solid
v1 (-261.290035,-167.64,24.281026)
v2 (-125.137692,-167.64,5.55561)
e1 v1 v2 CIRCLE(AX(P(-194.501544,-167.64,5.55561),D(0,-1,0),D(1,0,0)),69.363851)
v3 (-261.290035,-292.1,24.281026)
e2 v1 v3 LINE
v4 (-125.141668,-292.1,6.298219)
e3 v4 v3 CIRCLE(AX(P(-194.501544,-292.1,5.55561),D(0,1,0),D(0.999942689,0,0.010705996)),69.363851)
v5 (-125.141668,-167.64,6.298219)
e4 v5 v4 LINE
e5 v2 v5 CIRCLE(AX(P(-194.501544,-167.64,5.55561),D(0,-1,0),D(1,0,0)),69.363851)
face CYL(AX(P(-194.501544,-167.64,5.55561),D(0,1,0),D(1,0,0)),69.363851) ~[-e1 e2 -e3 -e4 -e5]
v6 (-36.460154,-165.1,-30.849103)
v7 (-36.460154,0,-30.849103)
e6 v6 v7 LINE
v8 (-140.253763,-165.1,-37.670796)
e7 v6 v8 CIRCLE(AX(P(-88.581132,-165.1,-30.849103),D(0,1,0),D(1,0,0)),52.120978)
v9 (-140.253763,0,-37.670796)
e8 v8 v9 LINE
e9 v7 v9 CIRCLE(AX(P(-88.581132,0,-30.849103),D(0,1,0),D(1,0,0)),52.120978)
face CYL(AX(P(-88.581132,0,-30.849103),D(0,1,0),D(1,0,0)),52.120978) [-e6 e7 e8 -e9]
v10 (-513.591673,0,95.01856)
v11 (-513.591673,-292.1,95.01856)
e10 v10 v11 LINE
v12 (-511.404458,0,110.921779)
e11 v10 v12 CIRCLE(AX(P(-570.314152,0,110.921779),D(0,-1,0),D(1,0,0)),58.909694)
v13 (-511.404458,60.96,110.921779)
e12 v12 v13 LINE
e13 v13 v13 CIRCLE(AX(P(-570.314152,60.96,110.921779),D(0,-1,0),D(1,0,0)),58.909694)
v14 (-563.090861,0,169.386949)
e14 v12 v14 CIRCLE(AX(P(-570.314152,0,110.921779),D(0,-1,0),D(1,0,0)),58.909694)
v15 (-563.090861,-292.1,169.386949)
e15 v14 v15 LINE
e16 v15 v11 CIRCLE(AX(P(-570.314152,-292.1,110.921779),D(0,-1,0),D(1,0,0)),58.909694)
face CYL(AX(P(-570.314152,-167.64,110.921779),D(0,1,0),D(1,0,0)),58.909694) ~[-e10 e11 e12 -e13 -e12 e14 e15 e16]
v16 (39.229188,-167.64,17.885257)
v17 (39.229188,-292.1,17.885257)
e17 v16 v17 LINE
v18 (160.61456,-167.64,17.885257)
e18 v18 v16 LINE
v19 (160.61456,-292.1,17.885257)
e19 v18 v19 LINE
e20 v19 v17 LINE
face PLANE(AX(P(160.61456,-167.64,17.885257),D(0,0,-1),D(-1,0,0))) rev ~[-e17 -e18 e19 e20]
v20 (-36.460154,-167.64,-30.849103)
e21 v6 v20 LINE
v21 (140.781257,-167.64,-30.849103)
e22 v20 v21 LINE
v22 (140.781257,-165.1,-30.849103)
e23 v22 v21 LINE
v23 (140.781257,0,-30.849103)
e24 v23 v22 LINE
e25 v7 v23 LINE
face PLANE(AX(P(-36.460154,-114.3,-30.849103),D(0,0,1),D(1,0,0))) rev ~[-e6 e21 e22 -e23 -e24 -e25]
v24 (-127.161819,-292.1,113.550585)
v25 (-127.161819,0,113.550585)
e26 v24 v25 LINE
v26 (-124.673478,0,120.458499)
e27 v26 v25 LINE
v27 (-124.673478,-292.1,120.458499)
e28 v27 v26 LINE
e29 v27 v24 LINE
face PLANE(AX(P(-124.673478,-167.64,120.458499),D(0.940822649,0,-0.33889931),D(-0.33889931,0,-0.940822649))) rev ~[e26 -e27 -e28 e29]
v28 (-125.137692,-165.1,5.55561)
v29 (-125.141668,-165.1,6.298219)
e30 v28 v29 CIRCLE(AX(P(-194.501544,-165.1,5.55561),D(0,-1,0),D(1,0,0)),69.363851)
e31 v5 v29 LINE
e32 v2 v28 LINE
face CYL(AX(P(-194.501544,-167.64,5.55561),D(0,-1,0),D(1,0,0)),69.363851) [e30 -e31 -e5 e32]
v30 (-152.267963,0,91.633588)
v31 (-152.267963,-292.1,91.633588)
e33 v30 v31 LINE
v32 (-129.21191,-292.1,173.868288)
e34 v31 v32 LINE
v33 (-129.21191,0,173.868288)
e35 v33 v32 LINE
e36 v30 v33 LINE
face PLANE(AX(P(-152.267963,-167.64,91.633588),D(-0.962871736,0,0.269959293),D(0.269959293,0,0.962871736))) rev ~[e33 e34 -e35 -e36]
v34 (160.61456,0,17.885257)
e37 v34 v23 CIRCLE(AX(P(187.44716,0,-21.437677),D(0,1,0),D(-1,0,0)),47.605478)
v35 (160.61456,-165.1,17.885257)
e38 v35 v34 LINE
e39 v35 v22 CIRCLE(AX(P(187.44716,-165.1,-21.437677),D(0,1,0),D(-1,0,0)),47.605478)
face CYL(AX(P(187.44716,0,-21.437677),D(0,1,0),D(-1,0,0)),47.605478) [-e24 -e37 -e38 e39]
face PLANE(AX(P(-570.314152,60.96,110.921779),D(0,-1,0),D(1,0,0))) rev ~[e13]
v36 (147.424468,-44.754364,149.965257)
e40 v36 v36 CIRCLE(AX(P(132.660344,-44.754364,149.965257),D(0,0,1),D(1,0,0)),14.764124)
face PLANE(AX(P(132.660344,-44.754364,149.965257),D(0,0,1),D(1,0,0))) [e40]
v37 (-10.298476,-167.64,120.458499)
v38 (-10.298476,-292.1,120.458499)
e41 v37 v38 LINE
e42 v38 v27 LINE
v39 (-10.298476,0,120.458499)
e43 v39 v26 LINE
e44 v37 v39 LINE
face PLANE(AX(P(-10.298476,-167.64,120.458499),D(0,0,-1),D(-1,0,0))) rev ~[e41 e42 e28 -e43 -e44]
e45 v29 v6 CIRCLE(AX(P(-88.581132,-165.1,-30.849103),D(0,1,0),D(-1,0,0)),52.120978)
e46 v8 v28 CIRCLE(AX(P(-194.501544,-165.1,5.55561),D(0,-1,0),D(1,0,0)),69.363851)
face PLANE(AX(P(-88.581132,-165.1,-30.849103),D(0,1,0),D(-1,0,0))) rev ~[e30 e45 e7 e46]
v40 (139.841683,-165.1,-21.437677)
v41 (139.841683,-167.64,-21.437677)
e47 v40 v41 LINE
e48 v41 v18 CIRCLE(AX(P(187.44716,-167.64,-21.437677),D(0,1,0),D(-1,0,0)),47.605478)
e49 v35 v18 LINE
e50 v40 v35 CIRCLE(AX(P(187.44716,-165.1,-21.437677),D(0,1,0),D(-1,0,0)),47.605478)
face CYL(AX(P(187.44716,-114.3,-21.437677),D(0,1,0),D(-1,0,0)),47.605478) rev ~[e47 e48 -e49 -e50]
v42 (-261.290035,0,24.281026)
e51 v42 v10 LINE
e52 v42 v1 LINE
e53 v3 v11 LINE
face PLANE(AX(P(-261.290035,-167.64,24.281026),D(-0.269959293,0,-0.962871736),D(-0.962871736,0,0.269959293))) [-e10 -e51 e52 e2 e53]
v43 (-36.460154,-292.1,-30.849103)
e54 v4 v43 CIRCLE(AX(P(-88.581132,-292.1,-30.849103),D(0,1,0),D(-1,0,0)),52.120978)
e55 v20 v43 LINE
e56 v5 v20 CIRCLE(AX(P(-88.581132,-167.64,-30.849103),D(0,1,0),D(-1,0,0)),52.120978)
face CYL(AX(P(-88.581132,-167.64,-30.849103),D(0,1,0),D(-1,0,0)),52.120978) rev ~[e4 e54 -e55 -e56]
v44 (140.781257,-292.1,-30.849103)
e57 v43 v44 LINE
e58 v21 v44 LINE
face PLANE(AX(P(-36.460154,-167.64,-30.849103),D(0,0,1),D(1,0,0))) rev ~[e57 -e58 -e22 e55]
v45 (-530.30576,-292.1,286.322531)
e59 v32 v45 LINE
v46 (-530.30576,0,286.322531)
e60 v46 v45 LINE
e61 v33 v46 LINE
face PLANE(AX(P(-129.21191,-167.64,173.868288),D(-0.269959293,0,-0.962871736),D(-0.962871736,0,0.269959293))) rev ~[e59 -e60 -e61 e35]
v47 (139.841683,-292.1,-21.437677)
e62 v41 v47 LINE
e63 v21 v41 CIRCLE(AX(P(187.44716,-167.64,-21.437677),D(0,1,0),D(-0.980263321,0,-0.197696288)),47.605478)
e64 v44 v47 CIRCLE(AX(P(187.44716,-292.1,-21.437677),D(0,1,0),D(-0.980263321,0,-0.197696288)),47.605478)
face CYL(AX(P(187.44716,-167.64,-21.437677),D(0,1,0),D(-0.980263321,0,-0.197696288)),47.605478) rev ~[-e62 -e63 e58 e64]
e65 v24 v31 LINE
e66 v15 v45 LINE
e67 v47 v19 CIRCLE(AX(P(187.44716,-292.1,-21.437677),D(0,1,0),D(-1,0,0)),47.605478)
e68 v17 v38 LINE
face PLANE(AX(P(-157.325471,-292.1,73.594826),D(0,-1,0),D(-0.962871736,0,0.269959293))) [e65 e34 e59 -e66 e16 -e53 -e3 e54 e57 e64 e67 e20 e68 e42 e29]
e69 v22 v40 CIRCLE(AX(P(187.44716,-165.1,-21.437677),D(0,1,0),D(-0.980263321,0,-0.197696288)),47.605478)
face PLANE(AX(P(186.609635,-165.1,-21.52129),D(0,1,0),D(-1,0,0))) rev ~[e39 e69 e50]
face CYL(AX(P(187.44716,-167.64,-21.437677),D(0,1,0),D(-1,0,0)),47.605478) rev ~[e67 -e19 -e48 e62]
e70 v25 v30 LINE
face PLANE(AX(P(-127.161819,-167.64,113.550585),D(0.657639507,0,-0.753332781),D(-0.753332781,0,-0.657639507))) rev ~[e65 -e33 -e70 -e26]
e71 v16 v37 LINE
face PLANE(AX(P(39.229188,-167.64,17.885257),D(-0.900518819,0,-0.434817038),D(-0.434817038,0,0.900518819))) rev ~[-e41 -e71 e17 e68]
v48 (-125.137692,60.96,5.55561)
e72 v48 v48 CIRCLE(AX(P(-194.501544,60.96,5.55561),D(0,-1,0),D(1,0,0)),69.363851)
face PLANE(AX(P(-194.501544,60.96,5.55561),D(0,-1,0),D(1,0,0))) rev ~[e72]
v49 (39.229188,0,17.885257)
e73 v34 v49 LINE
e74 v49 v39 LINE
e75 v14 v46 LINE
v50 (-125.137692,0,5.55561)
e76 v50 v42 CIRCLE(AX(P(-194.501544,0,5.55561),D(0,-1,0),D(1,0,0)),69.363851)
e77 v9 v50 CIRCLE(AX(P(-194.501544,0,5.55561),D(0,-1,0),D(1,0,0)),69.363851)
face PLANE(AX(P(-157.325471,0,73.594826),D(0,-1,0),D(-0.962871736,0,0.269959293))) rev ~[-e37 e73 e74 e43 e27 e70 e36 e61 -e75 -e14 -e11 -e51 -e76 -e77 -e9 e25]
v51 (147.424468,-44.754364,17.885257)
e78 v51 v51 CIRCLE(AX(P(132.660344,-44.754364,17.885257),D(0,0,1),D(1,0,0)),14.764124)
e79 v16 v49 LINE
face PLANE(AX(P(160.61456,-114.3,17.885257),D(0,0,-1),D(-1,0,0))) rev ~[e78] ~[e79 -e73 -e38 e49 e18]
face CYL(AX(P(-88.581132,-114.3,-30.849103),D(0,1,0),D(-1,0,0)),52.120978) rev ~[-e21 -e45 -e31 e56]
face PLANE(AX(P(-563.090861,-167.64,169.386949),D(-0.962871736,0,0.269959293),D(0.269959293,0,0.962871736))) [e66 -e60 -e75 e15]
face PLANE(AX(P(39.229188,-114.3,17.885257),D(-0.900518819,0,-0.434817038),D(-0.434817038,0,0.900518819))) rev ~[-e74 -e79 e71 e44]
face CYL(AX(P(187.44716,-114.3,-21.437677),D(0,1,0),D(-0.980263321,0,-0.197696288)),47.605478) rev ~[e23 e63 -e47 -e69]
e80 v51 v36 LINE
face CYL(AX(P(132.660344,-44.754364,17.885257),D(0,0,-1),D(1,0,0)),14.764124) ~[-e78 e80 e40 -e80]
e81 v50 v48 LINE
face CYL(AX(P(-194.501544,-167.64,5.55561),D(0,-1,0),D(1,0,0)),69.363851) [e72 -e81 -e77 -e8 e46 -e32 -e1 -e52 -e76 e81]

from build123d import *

# Parameters (mm, degrees)
F1_DEPTH  = 114.3
F2_R      = 14.7641240752
F3_DEPTH  = 132.08
F5_DEPTH  = 165.1
F6_DEPTH  = 53.34
F7_W      = 167.64
F7_H      = 75.5490642041
F8_DEPTH  = 416.56
F9_DEPTH  = 104.14
F10_R     = 58.9096936167
F10_R_2   = 69.3638510651
F11_DEPTH = 228.6
F12_DEPTH = 124.46


with BuildPart() as f1:
    # F0 (on Front) → F1 (new body)
    with BuildSketch(Plane.XZ):
        Polygon((-152.2679626942, 91.6335880756), (-174.4953691959, 12.3544447124), (-143.3922946453, 68.4929564595), (-127.1618189825, 113.5505846584), align=None)
        Polygon((-143.3922946453, 68.4929564595), (-174.4953691959, 12.3544447124), (-88.5811317712, -30.8491028845), (-88.5811317712, 68.4929564595), align=None)
        Polygon((-127.1618189825, 113.5505846584), (-143.3922946453, 68.4929564595), (-88.5811317712, 68.4929564595), (-33.7699688971, 68.4929564595), (-10.2984756231, 120.4584985971), (-119.2487329245, 120.4584985971), align=None)
        Polygon((-88.5811317712, 68.4929564595), (-88.5811317712, -30.8491028845), (29.068255797, -30.8491028845), (8.9511722326, 17.8852565587), (-33.7699688971, 68.4929564595), align=None)
        Polygon((-124.6734783053, 120.4584985971), (-127.1618189825, 113.5505846584), (-119.2487329245, 120.4584985971), align=None)
        Polygon((8.9511722326, 17.8852565587), (29.068255797, -30.8491028845), (200.966194272, -30.8491028845), (200.966194272, 17.8852565587), (131.0636848211, 17.8852565587), (39.2291881144, 17.8852565587), align=None)
        Polygon((-10.2984756231, 120.4584985971), (-33.7699688971, 68.4929564595), (8.9511722326, 17.8852565587), (39.2291881144, 17.8852565587), align=None)
    extrude(amount=F1_DEPTH)

    # F2 (on face) → F3 (join)
    with BuildSketch(Plane.XY.offset(17.8852565587)):
        with Locations((132.660344243, -44.7543635964)):
            Circle(F2_R)
    extrude(amount=F3_DEPTH)

    # F4 (on face) → F5 (join)
    with BuildSketch(Plane(origin=(0, 0, 0), x_dir=(-1, 0, 0), z_dir=(0, 1, 0))):
        with BuildLine():
            ThreePointArc((140.7021095386, -30.8491028845), (88.5811317712, 21.2718748828), (36.4601540038, -30.8491028845))
            ThreePointArc((36.4601540038, -30.8491028845), (88.5811317712, -82.9700806519), (140.7021095386, -30.8491028845))
        make_face()
        with BuildLine():
            ThreePointArc((-139.8416826612, -21.4376766235), (-234.8171624105, -16.7085714313), (-140.7812567162, -30.8491028845))
            ThreePointArc((-140.7812567162, -30.8491028845), (-140.0771585543, -26.1667818156), (-139.8416826612, -21.4376766235))
        make_face()
    extrude(amount=-F5_DEPTH)

    # F6 (add): a face of the model
    f6_faces = [f1.faces().sort_by_distance(p)[0] for p in [
        (-32.0897758633, -114.3, 39.2066158894),
    ]]
    extrude(f6_faces, amount=F6_DEPTH)

    # F7 (on face) → F8 (join)
    with BuildSketch(Plane(origin=(-164.9898592959, 0, 46.2580259532), x_dir=(0, -1, 0), z_dir=(-0.9628717361, 0, 0.2699592929))):
        with Locations((83.82, -9.3836272135)):
            Rectangle(F7_W, F7_H)
    extrude(amount=F8_DEPTH)

    # F9 (add): a face of the model
    f9_faces = [f1.faces().sort_by_distance(p)[0] for p in [
        (-357.8723958787, -83.82, 129.8219473654),
    ]]
    extrude(f9_faces, amount=F9_DEPTH)

    # F10 (on face) → F11 (join)
    with BuildSketch(Plane.XZ.offset(167.64)):
        with Locations((-570.314151911, 110.9217789702)):
            Circle(F10_R)
        with Locations((-194.5015435206, 5.555610003)):
            Circle(F10_R_2)
    extrude(amount=-F11_DEPTH)

    # F12 (add): a face of the model
    f12_faces = [f1.faces().sort_by_distance(p)[0] for p in [
        (-283.3393159962, -167.64, 105.4244484486),
    ]]
    extrude(f12_faces, amount=F12_DEPTH)


solid = f1.part
